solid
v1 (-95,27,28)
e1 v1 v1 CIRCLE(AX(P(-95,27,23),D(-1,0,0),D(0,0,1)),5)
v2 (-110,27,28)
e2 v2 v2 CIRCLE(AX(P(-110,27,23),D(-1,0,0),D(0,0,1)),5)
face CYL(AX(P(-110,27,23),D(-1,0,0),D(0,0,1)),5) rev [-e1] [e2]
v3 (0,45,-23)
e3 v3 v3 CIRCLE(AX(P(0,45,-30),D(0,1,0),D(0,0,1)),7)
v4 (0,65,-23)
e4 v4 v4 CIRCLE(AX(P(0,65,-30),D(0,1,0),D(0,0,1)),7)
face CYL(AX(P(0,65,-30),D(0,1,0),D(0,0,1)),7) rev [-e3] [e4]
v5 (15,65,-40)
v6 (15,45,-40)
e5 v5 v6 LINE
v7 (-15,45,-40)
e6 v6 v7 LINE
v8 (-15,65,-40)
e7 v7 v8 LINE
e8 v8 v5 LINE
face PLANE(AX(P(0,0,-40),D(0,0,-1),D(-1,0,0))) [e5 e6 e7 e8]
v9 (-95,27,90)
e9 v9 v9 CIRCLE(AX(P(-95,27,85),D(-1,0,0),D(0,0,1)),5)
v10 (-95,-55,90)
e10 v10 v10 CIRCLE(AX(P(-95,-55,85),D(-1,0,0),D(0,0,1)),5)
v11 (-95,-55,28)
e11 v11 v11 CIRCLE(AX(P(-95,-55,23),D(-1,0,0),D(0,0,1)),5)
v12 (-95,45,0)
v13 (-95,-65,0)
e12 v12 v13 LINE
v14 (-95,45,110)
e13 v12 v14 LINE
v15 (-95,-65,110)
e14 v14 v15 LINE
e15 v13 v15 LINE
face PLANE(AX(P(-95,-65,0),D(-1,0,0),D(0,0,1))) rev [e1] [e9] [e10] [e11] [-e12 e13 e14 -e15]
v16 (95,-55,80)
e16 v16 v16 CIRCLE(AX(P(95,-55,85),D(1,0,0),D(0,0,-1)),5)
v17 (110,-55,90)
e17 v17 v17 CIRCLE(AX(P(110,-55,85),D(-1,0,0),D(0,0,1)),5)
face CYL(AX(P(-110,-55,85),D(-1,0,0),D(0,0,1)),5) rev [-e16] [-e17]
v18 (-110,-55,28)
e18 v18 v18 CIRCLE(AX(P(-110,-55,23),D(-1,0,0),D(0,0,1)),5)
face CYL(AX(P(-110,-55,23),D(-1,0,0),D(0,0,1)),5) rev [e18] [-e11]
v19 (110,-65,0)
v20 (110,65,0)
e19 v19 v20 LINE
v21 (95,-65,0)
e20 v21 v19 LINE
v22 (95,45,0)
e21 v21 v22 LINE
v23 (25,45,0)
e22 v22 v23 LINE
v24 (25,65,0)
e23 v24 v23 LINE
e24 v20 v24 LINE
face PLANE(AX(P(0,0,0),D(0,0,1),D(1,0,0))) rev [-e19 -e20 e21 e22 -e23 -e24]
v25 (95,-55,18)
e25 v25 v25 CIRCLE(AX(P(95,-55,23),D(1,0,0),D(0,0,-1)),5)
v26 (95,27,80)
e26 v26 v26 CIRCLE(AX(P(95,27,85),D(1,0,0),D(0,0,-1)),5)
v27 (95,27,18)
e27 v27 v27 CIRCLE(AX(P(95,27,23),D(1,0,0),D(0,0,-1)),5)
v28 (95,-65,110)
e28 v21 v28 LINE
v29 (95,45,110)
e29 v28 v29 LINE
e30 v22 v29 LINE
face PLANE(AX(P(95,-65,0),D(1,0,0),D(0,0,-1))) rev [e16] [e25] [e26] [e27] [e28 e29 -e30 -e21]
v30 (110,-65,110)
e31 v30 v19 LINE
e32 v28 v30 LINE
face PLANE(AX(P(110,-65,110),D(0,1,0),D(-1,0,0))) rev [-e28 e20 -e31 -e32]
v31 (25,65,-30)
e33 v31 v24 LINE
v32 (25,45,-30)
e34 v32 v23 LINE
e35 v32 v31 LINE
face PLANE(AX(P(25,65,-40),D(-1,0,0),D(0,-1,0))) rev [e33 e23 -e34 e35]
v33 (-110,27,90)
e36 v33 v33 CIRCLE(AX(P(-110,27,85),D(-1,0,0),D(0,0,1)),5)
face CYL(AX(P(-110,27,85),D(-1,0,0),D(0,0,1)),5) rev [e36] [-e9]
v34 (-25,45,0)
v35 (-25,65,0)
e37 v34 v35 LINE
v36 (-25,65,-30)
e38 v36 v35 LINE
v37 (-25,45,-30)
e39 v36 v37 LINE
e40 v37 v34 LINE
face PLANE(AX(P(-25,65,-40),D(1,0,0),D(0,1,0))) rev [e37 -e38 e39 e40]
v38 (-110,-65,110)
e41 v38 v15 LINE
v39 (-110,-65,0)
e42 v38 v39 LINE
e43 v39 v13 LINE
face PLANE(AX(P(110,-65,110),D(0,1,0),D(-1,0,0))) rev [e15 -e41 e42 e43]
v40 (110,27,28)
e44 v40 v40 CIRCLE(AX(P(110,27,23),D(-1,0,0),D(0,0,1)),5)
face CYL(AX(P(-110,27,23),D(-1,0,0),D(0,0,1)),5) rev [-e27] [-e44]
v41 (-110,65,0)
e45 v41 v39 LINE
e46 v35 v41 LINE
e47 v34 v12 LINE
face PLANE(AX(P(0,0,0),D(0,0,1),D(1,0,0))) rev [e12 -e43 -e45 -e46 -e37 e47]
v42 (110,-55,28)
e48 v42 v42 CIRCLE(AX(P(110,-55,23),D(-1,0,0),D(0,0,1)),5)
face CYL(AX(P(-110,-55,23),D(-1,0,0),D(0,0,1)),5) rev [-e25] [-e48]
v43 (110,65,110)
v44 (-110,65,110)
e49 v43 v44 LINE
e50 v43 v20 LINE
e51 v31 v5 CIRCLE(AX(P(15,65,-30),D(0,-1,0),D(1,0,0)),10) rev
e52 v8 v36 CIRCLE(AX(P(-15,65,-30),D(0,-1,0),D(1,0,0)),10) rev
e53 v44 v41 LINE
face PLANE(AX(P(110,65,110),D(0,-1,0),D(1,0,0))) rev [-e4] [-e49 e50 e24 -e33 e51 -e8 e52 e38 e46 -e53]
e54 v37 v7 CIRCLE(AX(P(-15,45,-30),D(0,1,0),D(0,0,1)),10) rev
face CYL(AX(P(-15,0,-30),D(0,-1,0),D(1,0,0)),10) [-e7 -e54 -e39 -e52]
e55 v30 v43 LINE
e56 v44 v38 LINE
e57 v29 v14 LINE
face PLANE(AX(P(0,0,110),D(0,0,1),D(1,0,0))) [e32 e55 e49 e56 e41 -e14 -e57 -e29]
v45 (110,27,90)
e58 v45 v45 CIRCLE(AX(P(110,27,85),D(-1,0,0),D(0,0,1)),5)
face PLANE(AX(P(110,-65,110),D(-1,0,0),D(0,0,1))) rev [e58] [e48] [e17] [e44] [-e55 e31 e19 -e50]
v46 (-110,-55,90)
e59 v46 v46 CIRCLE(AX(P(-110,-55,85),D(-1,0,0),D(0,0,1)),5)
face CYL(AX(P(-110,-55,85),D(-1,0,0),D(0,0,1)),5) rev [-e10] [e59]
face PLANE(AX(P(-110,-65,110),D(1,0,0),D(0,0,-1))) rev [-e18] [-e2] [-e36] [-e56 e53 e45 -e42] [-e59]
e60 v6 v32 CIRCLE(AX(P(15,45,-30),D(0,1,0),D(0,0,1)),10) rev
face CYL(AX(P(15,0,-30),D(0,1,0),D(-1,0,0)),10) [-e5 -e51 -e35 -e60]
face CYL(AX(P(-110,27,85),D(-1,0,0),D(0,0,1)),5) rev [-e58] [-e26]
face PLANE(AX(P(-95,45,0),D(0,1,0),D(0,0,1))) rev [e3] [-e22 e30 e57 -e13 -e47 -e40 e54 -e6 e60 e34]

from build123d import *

# Parameters (mm, degrees)
SKETCH_1_W          = 220
SKETCH_1_H          = 130
EXTRUDE_1_DEPTH     = 110
SKETCH_2_W          = 190
SKETCH_2_H          = 110
CUT_EXTRUDE_1_DEPTH = 169.597153001
ST9_5_1_D           = 10
SKETCH_5_W          = 50
SKETCH_5_H          = 20
EXTRUDE_2_DEPTH     = 40
HOLE_WIZARD_M16_1_D = 14
FILLET_1_R          = 10


with BuildPart() as part:
    # 草图1 → 凸台-拉伸1 (new body)
    with BuildSketch(Plane.XY):
        Rectangle(SKETCH_1_W, SKETCH_1_H)
    extrude(amount=EXTRUDE_1_DEPTH)

    # 草图2 → 切除-拉伸1 (cut, through all)
    with BuildSketch(Plane.XY.offset(110)):
        with Locations((0, -10)):
            Rectangle(SKETCH_2_W, SKETCH_2_H)
    extrude(amount=-CUT_EXTRUDE_1_DEPTH, mode=Mode.SUBTRACT)

    # ST9.5 间隙孔1 (through all)
    with Locations(Plane.ZY.offset(110)):
        with Locations((23, 27), (85, 27), (85, -55), (23, -55)):
            Hole(ST9_5_1_D / 2)

    # 草图5 → 凸台-拉伸2 (add)
    with BuildSketch(Plane(origin=(0, 0, 0), x_dir=(-1, 0, 0), z_dir=(0, 0, -1))):
        with Locations((0, 55)):
            Rectangle(SKETCH_5_W, SKETCH_5_H)
    extrude(amount=EXTRUDE_2_DEPTH)

    # M16 螺纹孔1 (through all)
    with Locations(Plane(origin=(0, 65, 0), x_dir=(1, 0, 0), z_dir=(0, 1, 0))):
        with Locations((0, 30)):
            Hole(HOLE_WIZARD_M16_1_D / 2)

    # 圆角1
    fillet_1_edges = [part.edges().sort_by_distance(p)[0] for p in [
        (25, 55, -40),
        (-25, 55, -40),
    ]]
    fillet(fillet_1_edges, radius=FILLET_1_R)


solid = part.part
